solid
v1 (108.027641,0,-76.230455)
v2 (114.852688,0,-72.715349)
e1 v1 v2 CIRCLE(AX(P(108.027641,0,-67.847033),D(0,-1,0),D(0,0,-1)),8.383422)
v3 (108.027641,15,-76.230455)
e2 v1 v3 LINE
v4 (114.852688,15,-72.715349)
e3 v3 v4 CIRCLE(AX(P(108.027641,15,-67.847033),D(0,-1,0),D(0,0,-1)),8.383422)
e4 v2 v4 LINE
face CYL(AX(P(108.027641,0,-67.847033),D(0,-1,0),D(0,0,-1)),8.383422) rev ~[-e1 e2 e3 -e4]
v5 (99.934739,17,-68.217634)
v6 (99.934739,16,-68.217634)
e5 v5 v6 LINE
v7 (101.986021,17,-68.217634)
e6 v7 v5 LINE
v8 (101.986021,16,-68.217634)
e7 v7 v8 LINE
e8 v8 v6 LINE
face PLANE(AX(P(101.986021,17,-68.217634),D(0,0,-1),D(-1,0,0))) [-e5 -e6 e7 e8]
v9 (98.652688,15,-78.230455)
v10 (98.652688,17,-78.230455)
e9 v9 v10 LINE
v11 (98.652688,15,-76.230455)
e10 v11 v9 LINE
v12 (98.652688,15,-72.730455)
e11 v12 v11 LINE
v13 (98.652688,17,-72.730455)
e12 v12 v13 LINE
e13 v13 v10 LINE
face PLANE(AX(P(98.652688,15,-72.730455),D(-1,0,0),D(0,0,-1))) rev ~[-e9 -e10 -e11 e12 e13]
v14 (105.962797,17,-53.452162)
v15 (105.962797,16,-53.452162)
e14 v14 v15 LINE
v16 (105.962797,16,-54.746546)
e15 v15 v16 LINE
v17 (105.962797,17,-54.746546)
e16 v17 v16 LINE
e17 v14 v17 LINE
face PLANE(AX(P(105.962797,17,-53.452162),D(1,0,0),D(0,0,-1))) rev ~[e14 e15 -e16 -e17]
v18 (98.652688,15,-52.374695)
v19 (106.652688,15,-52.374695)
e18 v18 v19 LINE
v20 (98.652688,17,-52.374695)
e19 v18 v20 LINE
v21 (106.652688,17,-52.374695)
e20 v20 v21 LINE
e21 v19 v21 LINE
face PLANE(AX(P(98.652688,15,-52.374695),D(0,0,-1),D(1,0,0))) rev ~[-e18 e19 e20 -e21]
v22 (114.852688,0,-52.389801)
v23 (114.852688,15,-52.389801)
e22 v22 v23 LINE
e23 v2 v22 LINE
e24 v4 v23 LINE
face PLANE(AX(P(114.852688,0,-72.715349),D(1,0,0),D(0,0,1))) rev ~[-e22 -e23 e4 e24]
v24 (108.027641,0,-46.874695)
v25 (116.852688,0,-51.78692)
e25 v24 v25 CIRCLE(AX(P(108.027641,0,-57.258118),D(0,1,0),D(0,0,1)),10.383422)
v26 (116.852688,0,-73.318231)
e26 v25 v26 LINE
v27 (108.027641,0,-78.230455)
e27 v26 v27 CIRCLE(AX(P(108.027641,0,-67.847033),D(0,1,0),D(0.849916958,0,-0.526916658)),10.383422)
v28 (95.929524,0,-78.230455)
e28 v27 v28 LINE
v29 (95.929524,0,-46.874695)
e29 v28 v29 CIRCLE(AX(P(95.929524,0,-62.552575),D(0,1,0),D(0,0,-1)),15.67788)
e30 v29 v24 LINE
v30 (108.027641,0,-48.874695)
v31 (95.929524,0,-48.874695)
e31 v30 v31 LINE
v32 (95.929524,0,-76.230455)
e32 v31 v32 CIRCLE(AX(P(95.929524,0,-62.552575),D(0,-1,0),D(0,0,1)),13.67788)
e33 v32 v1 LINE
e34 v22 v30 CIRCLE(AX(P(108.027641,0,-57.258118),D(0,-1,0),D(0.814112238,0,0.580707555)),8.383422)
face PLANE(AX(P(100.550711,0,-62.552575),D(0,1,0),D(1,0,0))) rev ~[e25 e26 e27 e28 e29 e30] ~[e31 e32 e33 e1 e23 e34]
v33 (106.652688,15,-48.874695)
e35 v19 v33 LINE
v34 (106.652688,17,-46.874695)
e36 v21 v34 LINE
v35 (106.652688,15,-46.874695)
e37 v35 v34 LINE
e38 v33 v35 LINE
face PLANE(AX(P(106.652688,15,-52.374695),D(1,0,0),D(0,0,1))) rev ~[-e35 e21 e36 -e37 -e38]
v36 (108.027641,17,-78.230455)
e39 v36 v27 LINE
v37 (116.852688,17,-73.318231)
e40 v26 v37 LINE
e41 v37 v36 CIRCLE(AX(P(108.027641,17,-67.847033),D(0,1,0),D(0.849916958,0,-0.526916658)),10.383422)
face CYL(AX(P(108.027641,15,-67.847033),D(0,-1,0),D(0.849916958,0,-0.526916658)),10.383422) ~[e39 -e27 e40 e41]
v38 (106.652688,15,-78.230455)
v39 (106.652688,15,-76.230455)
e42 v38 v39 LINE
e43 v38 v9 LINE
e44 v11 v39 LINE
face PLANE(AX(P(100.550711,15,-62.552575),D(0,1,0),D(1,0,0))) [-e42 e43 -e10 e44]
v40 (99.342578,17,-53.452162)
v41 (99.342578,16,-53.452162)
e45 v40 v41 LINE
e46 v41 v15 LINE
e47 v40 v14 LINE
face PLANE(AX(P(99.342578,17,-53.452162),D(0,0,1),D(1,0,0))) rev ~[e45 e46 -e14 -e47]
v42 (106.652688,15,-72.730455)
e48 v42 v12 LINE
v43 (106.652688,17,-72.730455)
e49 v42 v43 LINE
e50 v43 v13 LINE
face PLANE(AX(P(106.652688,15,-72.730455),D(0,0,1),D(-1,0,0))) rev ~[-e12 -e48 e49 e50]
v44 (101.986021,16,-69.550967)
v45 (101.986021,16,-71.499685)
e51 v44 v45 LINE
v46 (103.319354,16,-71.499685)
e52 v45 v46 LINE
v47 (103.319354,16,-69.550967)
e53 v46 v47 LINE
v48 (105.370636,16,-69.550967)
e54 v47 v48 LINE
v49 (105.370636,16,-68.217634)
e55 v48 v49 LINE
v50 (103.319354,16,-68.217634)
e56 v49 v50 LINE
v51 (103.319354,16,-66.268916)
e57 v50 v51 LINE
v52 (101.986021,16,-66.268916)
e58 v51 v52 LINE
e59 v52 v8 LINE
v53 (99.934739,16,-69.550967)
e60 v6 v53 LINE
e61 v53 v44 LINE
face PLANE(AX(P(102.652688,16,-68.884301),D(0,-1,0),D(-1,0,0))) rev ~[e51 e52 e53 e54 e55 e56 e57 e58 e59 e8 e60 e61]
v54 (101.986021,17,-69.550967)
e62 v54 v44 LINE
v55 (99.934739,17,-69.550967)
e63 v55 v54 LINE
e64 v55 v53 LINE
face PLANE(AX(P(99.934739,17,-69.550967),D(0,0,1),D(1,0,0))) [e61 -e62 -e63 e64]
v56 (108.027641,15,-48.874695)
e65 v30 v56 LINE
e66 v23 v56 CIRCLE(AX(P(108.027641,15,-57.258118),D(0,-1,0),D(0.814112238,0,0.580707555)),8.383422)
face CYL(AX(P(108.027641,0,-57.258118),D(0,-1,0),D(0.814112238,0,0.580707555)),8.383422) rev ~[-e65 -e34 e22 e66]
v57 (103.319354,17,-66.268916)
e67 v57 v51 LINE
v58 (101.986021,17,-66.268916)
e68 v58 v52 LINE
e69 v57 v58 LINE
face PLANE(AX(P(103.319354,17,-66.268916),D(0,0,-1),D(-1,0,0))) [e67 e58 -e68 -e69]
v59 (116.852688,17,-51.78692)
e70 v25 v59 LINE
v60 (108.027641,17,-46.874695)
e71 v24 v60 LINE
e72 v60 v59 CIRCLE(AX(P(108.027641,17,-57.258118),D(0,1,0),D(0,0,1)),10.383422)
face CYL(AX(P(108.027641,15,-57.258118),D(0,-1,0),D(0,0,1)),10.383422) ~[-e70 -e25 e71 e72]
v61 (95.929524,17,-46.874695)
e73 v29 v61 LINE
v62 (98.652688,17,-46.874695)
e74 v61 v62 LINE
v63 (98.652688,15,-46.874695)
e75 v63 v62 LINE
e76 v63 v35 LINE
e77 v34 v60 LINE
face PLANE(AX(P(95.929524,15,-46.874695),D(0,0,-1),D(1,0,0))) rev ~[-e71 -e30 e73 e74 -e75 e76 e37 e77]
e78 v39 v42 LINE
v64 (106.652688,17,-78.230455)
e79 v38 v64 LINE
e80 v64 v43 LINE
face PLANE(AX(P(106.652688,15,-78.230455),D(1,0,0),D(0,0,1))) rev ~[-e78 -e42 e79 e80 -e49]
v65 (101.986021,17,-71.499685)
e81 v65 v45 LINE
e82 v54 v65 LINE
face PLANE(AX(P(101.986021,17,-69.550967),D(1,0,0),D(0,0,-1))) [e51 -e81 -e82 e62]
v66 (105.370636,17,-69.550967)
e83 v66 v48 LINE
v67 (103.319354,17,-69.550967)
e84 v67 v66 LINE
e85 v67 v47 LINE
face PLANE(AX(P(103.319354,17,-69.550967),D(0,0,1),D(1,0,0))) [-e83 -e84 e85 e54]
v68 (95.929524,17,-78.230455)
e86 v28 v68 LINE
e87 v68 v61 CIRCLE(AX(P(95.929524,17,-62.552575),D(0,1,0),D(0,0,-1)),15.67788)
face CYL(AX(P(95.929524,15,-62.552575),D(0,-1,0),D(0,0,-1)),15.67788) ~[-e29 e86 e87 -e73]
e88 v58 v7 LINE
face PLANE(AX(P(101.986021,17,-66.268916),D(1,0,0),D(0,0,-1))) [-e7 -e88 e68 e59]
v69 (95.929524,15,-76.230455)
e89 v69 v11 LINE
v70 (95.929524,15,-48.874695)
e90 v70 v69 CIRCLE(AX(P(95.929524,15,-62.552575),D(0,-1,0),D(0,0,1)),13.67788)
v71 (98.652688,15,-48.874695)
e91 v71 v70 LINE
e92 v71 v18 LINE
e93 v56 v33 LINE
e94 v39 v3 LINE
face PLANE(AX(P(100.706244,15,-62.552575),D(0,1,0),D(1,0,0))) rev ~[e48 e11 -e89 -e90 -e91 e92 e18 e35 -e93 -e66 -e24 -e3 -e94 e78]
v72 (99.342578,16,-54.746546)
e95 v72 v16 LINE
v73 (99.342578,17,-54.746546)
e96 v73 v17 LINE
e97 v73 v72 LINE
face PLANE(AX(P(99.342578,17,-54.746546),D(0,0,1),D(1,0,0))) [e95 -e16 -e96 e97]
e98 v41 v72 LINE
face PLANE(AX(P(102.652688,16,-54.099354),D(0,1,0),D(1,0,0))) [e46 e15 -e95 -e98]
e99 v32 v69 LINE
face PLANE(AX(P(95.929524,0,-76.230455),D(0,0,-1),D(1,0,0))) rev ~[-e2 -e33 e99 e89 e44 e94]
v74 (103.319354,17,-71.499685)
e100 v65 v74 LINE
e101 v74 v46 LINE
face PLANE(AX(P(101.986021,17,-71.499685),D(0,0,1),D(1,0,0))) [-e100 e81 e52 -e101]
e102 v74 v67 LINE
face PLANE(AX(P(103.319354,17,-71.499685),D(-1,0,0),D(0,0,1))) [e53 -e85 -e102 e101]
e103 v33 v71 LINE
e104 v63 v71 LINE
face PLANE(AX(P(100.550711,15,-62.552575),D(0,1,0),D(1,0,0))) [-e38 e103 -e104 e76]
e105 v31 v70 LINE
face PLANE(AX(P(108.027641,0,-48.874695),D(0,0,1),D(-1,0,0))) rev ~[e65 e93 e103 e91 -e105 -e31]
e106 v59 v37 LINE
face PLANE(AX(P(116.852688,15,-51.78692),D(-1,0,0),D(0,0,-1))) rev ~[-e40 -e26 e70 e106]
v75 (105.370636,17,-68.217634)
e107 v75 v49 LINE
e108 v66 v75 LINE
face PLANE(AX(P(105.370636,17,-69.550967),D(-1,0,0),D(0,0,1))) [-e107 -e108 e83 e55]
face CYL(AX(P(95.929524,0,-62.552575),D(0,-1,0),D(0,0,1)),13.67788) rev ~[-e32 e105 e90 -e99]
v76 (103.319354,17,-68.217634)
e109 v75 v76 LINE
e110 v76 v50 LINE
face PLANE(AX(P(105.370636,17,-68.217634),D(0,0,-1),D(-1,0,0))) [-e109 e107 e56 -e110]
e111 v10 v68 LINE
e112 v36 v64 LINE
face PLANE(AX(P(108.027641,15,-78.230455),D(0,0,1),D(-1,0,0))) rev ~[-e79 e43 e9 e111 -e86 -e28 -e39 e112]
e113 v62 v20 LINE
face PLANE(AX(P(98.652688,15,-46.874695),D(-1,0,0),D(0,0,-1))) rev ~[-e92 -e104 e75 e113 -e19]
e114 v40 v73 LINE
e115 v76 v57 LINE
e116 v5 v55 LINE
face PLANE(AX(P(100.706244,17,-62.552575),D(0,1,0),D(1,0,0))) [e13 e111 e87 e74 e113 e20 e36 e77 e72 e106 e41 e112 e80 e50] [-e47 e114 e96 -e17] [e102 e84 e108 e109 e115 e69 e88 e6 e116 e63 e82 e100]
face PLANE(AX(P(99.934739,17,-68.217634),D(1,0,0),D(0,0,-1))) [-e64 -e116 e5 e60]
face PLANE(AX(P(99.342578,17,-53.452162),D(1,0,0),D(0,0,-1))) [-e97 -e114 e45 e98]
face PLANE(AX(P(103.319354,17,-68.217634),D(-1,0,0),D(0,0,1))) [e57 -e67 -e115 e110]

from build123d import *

# Parameters (mm, degrees)
BOSS_EXTRUDE1_DEPTH = 15
BOSS_EXTRUDE2_DEPTH = 2
SKETCH4_W           = 6.62021856
SKETCH4_H           = 1.294383367
CUT_EXTRUDE1_DEPTH  = 1


with BuildPart() as part:
    # Sketch1 → Boss-Extrude1 (new body)
    with BuildSketch(Plane(origin=(0, 0, 0), x_dir=(1, 0, 0), z_dir=(0, 1, 0))):
        with BuildLine():
            Line((95.929523932, 46.874695494), (108.027641063, 46.874695494))
            ThreePointArc((108.027641063, 46.874695494), (113.077675482, 48.185488052), (116.852687564, 51.786919511))
            Line((116.852687564, 51.786919511), (116.852687564, 73.318230601))
            ThreePointArc((116.852687564, 73.318230601), (113.077675482, 76.919662059), (108.027641063, 78.230454618))
            Line((108.027641063, 78.230454618), (95.929523932, 78.230454618))
            ThreePointArc((95.929523932, 78.230454618), (80.25164437, 62.552575056), (95.929523932, 46.874695494))
        make_face()
        with BuildLine():
            Line((95.929523932, 76.230454618), (108.027641063, 76.230454618))
            ThreePointArc((108.027641063, 76.230454618), (111.866170296, 75.300049315), (114.852687564, 72.715349081))
            Line((114.852687564, 72.715349081), (114.852687564, 52.389801031))
            ThreePointArc((114.852687564, 52.389801031), (111.866170296, 49.805100796), (108.027641063, 48.874695494))
            Line((108.027641063, 48.874695494), (95.929523932, 48.874695494))
            ThreePointArc((95.929523932, 48.874695494), (82.25164437, 62.552575056), (95.929523932, 76.230454618))
        make_face(mode=Mode.SUBTRACT)
    extrude(amount=BOSS_EXTRUDE1_DEPTH)

    # Sketch3 → Boss-Extrude2 (add)
    with BuildSketch(Plane(origin=(0, 15, 0), x_dir=(1, 0, 0), z_dir=(0, 1, 0))):
        with BuildLine():
            Line((108.027641063, 76.230454618), (106.652687564, 76.230454618))
            Line((106.652687564, 76.230454618), (106.652687564, 72.730454618))
            Line((106.652687564, 72.730454618), (98.652687564, 72.730454618))
            Line((98.652687564, 72.730454618), (98.652687564, 76.230454618))
            Line((98.652687564, 76.230454618), (95.929523932, 76.230454618))
            ThreePointArc((95.929523932, 76.230454618), (82.25164437, 62.552575056), (95.929523932, 48.874695494))
            Line((95.929523932, 48.874695494), (98.652687564, 48.874695494))
            Line((98.652687564, 48.874695494), (98.652687564, 52.374695494))
            Line((98.652687564, 52.374695494), (106.652687564, 52.374695494))
            Line((106.652687564, 52.374695494), (106.652687564, 48.874695494))
            Line((106.652687564, 48.874695494), (108.027641063, 48.874695494))
            ThreePointArc((108.027641063, 48.874695494), (111.866170296, 49.805100796), (114.852687564, 52.389801031))
            Line((114.852687564, 52.389801031), (114.852687564, 72.715349081))
            ThreePointArc((114.852687564, 72.715349081), (111.866170296, 75.300049315), (108.027641063, 76.230454618))
        make_face()
        with BuildLine():
            Line((98.652687564, 76.230454618), (98.652687564, 78.230454618))
            Line((98.652687564, 78.230454618), (95.929523932, 78.230454618))
            ThreePointArc((95.929523932, 78.230454618), (80.25164437, 62.552575056), (95.929523932, 46.874695494))
            Line((95.929523932, 46.874695494), (98.652687564, 46.874695494))
            Line((98.652687564, 46.874695494), (98.652687564, 48.874695494))
            Line((98.652687564, 48.874695494), (95.929523932, 48.874695494))
            ThreePointArc((95.929523932, 48.874695494), (82.25164437, 62.552575056), (95.929523932, 76.230454618))
            Line((95.929523932, 76.230454618), (98.652687564, 76.230454618))
        make_face()
        with BuildLine():
            Line((108.027641063, 78.230454618), (106.652687564, 78.230454618))
            Line((106.652687564, 78.230454618), (106.652687564, 76.230454618))
            Line((106.652687564, 76.230454618), (108.027641063, 76.230454618))
            ThreePointArc((108.027641063, 76.230454618), (111.866170296, 75.300049315), (114.852687564, 72.715349081))
            Line((114.852687564, 72.715349081), (114.852687564, 52.389801031))
            ThreePointArc((114.852687564, 52.389801031), (111.866170296, 49.805100796), (108.027641063, 48.874695494))
            Line((108.027641063, 48.874695494), (106.652687564, 48.874695494))
            Line((106.652687564, 48.874695494), (106.652687564, 46.874695494))
            Line((106.652687564, 46.874695494), (108.027641063, 46.874695494))
            ThreePointArc((108.027641063, 46.874695494), (113.077675482, 48.185488052), (116.852687564, 51.786919511))
            Line((116.852687564, 51.786919511), (116.852687564, 73.318230601))
            ThreePointArc((116.852687564, 73.318230601), (113.077675482, 76.919662059), (108.027641063, 78.230454618))
        make_face()
    extrude(amount=BOSS_EXTRUDE2_DEPTH)

    # Sketch4 → Cut-Extrude1 (cut)
    with BuildSketch(Plane(origin=(0, 17, 0), x_dir=(1, 0, 0), z_dir=(0, 1, 0))):
        with Locations((102.652687564, 54.099354042)):
            Rectangle(SKETCH4_W, SKETCH4_H)
        Polygon((103.319354231, 68.217634105), (103.319354231, 66.268916157), (101.986020897, 66.268916157), (101.986020897, 68.217634105), (99.934738846, 68.217634105), (99.934738846, 69.550967439), (101.986020897, 69.550967439), (101.986020897, 71.499685387), (103.319354231, 71.499685387), (103.319354231, 69.550967439), (105.370636282, 69.550967439), (105.370636282, 68.217634105), align=None)
    extrude(amount=-CUT_EXTRUDE1_DEPTH, mode=Mode.SUBTRACT)


solid = part.part
